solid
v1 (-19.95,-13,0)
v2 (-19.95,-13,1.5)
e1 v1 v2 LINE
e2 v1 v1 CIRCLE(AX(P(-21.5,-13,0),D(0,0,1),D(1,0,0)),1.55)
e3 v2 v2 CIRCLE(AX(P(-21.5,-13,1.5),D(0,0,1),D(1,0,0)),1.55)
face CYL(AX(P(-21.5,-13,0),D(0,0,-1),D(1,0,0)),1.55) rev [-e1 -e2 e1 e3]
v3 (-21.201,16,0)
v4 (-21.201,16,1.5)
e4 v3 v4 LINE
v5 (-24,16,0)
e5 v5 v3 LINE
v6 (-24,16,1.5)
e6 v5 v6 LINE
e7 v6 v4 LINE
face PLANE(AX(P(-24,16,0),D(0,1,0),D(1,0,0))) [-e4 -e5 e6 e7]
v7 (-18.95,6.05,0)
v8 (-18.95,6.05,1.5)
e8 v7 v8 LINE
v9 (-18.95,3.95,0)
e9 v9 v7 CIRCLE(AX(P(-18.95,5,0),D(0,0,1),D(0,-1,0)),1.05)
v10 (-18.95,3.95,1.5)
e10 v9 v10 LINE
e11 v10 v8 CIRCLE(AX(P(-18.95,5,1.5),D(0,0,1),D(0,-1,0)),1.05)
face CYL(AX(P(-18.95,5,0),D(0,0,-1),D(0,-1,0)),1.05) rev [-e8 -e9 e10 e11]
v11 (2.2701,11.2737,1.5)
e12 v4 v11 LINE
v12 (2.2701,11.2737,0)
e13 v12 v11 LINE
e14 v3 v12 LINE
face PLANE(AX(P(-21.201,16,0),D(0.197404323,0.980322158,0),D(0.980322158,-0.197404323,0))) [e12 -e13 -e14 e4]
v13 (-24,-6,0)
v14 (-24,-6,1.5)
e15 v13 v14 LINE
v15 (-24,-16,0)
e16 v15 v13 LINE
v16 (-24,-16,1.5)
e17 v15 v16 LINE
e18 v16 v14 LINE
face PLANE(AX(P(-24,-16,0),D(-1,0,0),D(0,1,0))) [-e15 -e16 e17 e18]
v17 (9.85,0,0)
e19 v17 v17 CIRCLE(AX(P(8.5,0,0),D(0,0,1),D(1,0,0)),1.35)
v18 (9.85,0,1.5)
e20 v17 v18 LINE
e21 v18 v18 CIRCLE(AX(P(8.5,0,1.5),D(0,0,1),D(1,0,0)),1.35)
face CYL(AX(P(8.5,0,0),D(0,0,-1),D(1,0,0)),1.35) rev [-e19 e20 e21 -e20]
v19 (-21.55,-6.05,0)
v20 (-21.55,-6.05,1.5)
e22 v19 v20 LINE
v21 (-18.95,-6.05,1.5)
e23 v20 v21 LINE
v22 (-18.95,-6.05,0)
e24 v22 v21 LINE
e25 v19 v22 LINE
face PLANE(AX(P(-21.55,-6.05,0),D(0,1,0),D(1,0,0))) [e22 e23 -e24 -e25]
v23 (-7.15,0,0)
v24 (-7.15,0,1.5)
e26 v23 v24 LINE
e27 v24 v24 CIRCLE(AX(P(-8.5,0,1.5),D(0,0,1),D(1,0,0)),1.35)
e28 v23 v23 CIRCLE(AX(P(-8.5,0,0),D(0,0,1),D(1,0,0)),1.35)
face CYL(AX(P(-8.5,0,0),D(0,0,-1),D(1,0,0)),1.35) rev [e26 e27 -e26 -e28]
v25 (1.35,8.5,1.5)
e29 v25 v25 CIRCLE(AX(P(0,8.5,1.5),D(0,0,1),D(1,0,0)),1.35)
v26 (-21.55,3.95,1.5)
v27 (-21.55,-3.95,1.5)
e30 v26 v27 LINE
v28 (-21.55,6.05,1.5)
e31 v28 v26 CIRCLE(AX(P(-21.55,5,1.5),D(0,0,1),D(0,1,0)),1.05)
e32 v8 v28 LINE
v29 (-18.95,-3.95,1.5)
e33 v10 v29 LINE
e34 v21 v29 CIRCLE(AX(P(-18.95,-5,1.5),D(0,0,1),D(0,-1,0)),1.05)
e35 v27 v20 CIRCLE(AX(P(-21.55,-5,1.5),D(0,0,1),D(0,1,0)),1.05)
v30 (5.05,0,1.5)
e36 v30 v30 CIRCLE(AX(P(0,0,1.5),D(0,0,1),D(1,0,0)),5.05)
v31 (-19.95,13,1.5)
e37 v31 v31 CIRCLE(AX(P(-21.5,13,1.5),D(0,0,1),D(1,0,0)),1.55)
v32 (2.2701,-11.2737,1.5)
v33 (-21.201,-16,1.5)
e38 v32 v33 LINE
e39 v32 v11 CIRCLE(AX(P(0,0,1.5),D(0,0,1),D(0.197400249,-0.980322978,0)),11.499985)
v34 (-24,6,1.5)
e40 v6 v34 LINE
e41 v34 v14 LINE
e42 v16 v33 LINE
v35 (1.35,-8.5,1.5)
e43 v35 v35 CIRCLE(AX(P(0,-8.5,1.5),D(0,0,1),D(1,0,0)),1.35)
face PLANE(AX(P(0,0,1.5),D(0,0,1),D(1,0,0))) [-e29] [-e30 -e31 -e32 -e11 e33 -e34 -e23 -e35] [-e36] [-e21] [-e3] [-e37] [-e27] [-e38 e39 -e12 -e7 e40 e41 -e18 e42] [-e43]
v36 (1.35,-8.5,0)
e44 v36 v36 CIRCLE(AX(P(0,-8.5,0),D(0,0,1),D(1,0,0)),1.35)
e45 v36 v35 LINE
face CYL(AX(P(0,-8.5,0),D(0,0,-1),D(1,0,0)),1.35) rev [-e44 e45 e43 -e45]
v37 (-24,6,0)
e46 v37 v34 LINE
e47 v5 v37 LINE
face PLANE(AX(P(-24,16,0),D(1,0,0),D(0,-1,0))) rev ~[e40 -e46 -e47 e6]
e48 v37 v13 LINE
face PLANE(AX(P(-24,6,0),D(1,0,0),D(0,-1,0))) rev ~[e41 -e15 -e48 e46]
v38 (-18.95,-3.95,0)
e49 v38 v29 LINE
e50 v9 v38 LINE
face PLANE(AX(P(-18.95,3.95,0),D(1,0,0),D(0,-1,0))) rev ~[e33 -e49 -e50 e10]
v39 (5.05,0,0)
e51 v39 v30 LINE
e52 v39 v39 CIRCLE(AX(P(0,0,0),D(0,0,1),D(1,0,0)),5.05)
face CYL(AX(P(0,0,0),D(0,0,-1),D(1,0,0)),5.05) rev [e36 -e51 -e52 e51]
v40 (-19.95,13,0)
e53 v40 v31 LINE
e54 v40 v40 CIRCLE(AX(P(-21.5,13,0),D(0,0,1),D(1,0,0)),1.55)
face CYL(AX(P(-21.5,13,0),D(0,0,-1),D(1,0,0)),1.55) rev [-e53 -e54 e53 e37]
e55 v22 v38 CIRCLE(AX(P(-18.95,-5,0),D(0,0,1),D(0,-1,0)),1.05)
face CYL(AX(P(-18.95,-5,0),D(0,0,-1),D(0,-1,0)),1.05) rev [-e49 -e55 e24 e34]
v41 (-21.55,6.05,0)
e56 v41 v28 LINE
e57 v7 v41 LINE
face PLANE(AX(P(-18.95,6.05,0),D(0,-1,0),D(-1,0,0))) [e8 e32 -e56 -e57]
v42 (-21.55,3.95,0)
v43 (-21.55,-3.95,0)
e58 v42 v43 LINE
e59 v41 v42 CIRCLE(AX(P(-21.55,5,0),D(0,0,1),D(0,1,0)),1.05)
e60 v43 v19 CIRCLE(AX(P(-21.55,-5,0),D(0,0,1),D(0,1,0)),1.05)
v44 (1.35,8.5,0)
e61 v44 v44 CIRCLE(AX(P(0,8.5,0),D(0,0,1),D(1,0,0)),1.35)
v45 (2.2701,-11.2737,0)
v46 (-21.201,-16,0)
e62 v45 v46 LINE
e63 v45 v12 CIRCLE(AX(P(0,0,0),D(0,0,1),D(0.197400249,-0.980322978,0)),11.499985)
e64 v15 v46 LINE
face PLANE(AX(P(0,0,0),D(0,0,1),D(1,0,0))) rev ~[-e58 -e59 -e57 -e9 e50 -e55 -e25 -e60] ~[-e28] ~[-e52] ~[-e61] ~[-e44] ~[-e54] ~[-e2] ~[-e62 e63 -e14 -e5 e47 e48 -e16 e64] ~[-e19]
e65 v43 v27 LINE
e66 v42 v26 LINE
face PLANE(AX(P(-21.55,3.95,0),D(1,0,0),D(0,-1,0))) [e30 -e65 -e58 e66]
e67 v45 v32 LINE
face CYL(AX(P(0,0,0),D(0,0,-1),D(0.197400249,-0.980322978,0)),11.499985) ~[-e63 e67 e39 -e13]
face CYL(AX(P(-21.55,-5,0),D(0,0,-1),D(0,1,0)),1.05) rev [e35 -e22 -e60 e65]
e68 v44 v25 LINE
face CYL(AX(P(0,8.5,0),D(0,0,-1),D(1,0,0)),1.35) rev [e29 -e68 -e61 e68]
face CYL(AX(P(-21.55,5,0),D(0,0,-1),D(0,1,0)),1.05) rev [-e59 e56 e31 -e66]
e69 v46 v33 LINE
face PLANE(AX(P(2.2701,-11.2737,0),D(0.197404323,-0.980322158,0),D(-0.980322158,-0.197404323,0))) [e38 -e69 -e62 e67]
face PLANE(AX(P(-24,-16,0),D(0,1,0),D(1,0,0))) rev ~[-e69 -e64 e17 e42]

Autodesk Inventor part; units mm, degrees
ref_plane "YZ Plane" through (0, 0, 0) normal (1, 0, 0) x (0, 1, 0)
ref_plane "XZ Plane" through (0, 0, 0) normal (0, 1, 0) x (-1, 0, 0)
ref_plane "XY Plane" through (0, 0, 0) normal (0, 0, 1) x (1, 0, 0)
sketch "スケッチ1" plane through (0, 0, 0) normal (0, 0, 1) x (1, 0, 0)
  circle A0 centre (0, 0) radius 10.5 construction
  line L0 (-12, 10.583) -> (-12, -10.583) construction
  arc A1 (0, 16) -> (-12, 10.583) centre (0, 0) ccw construction
  line L1 (0, 16) -> (33.5167, 16) construction
  line L2 (33.5167, 16) -> (33.5167, -16) construction
  line L3 (33.5167, -16) -> (0, -16) construction
  arc A2 (-12, -10.583) -> (0, -16) centre (0, 0) ccw construction
  circle A3 centre (0, 8.5) radius 1.35
  circle A4 centre (-8.5, 0) radius 1.35
  circle A5 centre (0, -8.5) radius 1.35
  circle A6 centre (8.5, 0) radius 1.35
  circle A7 centre (0, 0) radius 5.05
  circle A8 centre (0, 0) radius 16 construction
  line L4 (-21.5, 6) -> (-19, 6) construction
  line L5 (-19, 6) -> (-19, -6) construction
  line L6 (-19, -6) -> (-21.5, -6) construction
  line L7 (-21.5, -6) -> (-21.5, 6) construction
  circle A9 centre (0, 0) radius 19 construction
  line L8 (-18.95, 6.05) -> (-21.55, 6.05) construction
  line L9 (-21.55, 6.05) -> (-21.55, -6.05) construction
  line L10 (-21.55, -6.05) -> (-18.95, -6.05) construction
  line L11 (-18.95, -6.05) -> (-18.95, 6.05) construction
  circle A10 centre (-21.55, 5) radius 1.05 construction
  line L12 (-18.95, 6.05) -> (-21.55, 6.05)
  arc A11 (-21.55, 6.05) -> (-21.55, 3.95) centre (-21.55, 5) ccw
  line L13 (-21.55, 3.95) -> (-21.55, -3.95)
  line L14 (-20.25, 6.05) -> (-20.25, -6.05) construction
  line L15 (-21.55, 0) -> (-19, 0) construction
  arc A12 (-21.55, -3.95) -> (-21.55, -6.05) centre (-21.55, -5) ccw
  line L16 (-21.55, -6.05) -> (-18.95, -6.05)
  line L17 (-18.95, 3.95) -> (-18.95, -3.95)
  arc A13 (-18.95, 3.95) -> (-18.95, 6.05) centre (-18.95, 5) ccw
  arc A14 (-18.95, -6.05) -> (-18.95, -3.95) centre (-18.95, -5) ccw
  line L18 (-24, 6) -> (-24, -6)
  circle A15 centre (-21.5, 13) radius 1.55
  circle A16 centre (-21.5, -13) radius 1.55
  line L19 (-24, 16) -> (-21.201, 16)
  line L20 (-24, -16) -> (-21.201, -16)
  arc A17 (2.2701, -11.2737) -> (2.2701, 11.2737) centre (0, 0) ccw
  line L21 (-24, 16) -> (-24, 6)
  circle A18 centre (-21.5, 13) radius 3 construction
  line L22 (-24, -16) -> (-24, -6)
  line L23 (-21.201, 16) -> (2.2701, 11.2737)
  line L24 (2.2701, -11.2737) -> (-21.201, -16)
  point P0 (-12, 0)
  point P1 (-20.275, 0)
  dimension "d29" = 2.1
  dimension "d0" = 21
  dimension "d1" = 16
  dimension "d2" = 12
  dimension "d3" = 8.5
  dimension "d4" = 2.7
  dimension "d7" = 360
  dimension "d9" = 10.1
  dimension "d10" = 2.5
  dimension "d11" = 3
  dimension "d27" = 10
  dimension "d30" = 0.05
  dimension "d31" = 7
  dimension "d33" = 3.1
  dimension "d41" = 2.5
  dimension "d43" = 1
extrude "押し出し1" add sketch "スケッチ1" along normal blind 1.5
equation "\"d27\" = d21"
equation "\"d31\" = d23"
equation "\"d21\" = 10"
equation "\"d23\" = 7"
properties part number "肩_サブフレーム_1_1" material "GFRP"
